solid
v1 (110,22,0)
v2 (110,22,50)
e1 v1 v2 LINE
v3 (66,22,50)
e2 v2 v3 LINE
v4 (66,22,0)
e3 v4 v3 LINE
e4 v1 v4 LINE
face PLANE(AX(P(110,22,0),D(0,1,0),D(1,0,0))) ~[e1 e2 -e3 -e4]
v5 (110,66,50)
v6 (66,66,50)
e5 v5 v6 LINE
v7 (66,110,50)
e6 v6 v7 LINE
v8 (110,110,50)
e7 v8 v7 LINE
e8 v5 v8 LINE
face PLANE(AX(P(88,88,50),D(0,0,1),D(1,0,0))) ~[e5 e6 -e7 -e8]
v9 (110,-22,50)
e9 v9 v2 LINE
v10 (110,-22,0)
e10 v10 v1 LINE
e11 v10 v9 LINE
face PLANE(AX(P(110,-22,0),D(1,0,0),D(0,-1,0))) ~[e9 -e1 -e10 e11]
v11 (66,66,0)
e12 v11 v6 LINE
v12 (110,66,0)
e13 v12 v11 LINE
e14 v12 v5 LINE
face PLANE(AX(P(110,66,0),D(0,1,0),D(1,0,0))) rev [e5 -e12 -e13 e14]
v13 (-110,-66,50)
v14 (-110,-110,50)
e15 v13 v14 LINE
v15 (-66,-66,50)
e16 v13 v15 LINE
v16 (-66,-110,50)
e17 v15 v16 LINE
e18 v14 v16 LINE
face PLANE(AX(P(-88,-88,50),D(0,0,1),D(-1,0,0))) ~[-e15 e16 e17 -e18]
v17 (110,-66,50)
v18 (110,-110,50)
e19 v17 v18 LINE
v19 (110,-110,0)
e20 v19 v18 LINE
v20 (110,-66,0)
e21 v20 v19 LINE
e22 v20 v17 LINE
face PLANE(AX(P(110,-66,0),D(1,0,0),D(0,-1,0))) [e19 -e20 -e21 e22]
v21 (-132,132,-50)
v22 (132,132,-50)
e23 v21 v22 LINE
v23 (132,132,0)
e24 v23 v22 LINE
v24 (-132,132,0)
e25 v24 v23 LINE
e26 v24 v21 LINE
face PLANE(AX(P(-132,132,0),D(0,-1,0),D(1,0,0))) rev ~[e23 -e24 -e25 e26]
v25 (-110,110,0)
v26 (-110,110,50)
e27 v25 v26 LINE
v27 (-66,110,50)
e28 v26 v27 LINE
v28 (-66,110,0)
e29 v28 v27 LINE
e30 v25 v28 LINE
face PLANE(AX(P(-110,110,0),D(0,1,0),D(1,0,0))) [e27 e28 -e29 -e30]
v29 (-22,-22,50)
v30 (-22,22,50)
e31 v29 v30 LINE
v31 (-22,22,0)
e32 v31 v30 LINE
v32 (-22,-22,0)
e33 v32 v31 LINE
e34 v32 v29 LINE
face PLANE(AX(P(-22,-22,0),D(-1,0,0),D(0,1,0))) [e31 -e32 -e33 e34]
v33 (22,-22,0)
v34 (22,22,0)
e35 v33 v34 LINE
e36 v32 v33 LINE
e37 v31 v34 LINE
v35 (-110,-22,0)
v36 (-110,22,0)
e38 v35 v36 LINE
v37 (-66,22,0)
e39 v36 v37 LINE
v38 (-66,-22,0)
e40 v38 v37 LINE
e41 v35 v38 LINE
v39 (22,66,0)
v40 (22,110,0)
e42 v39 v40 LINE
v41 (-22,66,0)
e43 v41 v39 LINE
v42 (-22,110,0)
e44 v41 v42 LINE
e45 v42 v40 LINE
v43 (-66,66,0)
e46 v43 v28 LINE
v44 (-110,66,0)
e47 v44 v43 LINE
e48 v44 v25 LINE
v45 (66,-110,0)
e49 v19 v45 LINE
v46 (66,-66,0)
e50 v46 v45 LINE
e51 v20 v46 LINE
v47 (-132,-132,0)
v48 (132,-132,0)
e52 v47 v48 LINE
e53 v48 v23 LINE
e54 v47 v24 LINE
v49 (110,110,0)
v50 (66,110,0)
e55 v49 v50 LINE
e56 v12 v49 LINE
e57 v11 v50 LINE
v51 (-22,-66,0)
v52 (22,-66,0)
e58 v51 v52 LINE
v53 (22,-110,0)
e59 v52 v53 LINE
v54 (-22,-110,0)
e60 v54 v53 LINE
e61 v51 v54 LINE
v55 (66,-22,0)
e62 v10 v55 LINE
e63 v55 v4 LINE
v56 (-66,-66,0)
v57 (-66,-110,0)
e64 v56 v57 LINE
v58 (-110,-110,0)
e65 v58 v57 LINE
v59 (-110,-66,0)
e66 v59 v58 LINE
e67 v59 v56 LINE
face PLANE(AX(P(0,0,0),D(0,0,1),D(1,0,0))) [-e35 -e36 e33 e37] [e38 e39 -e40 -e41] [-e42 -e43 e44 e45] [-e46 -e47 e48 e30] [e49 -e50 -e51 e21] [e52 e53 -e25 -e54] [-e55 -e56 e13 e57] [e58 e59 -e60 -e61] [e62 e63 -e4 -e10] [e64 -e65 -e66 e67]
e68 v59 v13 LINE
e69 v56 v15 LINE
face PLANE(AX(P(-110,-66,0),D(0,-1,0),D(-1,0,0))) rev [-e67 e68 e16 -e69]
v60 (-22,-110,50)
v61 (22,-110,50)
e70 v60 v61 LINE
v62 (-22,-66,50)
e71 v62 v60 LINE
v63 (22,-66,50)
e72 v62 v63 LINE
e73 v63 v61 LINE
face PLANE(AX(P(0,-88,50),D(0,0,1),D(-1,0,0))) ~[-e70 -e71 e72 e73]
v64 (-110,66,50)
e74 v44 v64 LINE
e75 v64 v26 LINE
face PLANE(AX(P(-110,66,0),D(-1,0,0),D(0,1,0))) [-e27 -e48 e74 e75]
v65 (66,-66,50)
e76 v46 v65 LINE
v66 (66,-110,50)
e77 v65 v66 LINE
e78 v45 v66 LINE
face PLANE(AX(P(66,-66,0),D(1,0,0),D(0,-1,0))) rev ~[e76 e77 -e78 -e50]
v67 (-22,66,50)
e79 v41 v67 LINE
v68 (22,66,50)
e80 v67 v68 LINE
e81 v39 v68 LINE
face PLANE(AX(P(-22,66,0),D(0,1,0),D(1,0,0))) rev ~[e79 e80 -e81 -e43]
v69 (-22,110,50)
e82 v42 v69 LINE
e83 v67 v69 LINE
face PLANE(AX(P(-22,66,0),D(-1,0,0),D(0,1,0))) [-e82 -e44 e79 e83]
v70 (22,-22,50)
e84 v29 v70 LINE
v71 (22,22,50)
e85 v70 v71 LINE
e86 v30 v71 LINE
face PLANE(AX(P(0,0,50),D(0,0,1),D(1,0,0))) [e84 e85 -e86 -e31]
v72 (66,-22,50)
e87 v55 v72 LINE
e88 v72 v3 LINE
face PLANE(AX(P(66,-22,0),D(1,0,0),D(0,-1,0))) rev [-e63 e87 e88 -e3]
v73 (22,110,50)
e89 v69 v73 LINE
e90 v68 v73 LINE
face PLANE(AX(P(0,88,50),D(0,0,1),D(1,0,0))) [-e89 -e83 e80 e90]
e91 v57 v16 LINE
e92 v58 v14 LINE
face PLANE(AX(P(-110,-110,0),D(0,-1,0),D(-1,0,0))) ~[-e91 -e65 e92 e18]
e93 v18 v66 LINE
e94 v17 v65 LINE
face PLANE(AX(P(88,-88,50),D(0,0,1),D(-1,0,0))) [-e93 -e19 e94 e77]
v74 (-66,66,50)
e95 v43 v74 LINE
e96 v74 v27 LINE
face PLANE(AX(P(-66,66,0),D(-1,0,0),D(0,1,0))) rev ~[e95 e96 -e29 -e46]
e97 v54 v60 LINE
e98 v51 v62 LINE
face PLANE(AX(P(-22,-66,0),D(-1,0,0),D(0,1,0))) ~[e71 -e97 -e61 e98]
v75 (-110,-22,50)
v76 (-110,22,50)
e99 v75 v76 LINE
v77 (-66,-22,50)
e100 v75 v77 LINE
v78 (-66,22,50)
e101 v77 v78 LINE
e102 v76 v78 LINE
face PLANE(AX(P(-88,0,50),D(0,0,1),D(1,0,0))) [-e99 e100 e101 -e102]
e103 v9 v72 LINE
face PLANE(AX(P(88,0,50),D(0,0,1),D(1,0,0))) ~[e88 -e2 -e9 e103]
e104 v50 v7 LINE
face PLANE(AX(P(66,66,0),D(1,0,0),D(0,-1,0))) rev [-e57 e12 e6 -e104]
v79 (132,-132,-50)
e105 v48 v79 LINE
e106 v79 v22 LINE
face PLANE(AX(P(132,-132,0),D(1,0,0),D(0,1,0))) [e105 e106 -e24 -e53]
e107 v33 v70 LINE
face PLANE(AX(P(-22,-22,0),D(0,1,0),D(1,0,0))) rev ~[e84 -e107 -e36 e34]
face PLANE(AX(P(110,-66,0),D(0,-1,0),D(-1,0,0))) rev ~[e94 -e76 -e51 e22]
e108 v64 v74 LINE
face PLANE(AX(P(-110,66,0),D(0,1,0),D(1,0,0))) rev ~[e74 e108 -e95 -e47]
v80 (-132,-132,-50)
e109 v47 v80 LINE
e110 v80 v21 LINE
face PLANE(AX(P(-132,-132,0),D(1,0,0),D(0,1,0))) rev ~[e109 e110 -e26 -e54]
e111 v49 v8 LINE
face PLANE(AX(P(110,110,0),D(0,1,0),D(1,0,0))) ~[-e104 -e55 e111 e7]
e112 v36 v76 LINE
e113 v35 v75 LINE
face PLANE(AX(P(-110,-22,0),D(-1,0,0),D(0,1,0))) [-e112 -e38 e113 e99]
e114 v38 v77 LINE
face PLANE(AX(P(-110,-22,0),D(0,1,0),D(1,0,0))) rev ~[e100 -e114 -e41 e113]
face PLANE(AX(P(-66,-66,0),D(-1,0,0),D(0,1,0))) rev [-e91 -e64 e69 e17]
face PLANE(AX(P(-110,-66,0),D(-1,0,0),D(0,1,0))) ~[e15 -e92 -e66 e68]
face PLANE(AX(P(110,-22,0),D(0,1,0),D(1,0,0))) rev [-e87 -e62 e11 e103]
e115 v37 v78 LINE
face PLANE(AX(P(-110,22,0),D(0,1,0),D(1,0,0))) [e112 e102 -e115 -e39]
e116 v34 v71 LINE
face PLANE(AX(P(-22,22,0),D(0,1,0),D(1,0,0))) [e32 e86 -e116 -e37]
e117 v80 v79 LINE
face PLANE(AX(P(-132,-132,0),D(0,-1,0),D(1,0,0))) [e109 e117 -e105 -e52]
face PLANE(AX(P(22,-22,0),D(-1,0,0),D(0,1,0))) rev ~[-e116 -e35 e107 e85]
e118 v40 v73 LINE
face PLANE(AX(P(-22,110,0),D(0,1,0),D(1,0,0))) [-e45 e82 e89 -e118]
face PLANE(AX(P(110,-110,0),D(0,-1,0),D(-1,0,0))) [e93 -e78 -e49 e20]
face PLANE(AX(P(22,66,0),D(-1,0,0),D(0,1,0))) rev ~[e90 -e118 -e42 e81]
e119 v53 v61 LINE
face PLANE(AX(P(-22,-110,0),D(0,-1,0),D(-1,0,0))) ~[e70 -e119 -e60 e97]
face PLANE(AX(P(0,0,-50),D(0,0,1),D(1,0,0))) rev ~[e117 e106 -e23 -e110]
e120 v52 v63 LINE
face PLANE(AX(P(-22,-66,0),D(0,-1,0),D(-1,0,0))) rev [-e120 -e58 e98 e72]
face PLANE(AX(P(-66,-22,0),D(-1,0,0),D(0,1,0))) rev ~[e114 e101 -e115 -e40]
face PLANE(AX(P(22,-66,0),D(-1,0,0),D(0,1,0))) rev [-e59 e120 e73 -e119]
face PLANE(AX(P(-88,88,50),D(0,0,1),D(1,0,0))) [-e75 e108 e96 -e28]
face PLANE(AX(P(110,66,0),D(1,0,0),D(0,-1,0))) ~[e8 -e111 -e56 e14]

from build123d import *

# Parameters (mm, degrees)
F0_W     = 44
F0_H     = 44
F1_DEPTH = 50
F0_W_2   = 264
F0_H_2   = 264
F4_DEPTH = 50


with BuildPart() as f1:
    # F0 (on Top) → F1 (new body)
    with BuildSketch(Plane.XY):
        with Locations((-88, 0)):
            Rectangle(F0_W, F0_H)
    extrude(amount=F1_DEPTH)


with BuildPart() as f1b:
    # F0 (on Top) → F1, piece 2 (new body)
    with BuildSketch(Plane.XY):
        with Locations((-88, 88)):
            Rectangle(F0_W, F0_H)
    extrude(amount=F1_DEPTH)


with BuildPart() as f1c:
    # F0 (on Top) → F1, piece 3 (new body)
    with BuildSketch(Plane.XY):
        with Locations((0, 88)):
            Rectangle(F0_W, F0_H)
    extrude(amount=F1_DEPTH)


with BuildPart() as f1d:
    # F0 (on Top) → F1, piece 4 (new body)
    with BuildSketch(Plane.XY):
        Rectangle(F0_W, F0_H)
    extrude(amount=F1_DEPTH)


with BuildPart() as f2_1:
    # F2: instance of F1
    add(f1.part.mirror(Plane.YZ))


with BuildPart() as f2_2:
    # F2: instance of F1b
    add(f1b.part.mirror(Plane.YZ))


with BuildPart() as f3_1:
    # F3: instance of F1b
    add(f1b.part.mirror(Plane.XZ))


with BuildPart() as f3_2:
    # F3: instance of F1c
    add(f1c.part.mirror(Plane.XZ))


with BuildPart() as f3_3:
    # F3: instance of F2_2
    add(f2_2.part.mirror(Plane.XZ))


with BuildPart() as f1_1:
    add(f1.part)

    add(f1b.part)  # F4 merges F1b

    add(f1c.part)  # F4 merges F1c

    add(f1d.part)  # F4 merges F1d

    add(f2_1.part)  # F4 merges F2_1

    add(f2_2.part)  # F4 merges F2_2

    add(f3_1.part)  # F4 merges F3_1

    add(f3_2.part)  # F4 merges F3_2

    add(f3_3.part)  # F4 merges F3_3
    # F0 (on Top) → F4 (join)
    with BuildSketch(Plane.XY):
        Rectangle(F0_W_2, F0_H_2)
        with Locations((-88, 0)):
            Rectangle(F0_W, F0_H, mode=Mode.SUBTRACT)
        with Locations((-88, 88)):
            Rectangle(F0_W, F0_H, mode=Mode.SUBTRACT)
        Rectangle(F0_W, F0_H, mode=Mode.SUBTRACT)
        with Locations((0, 88)):
            Rectangle(F0_W, F0_H, mode=Mode.SUBTRACT)
        with Locations((-88, 0)):
            Rectangle(F0_W, F0_H)
        Rectangle(F0_W, F0_H)
        with Locations((-88, 88)):
            Rectangle(F0_W, F0_H)
        with Locations((0, 88)):
            Rectangle(F0_W, F0_H)
    extrude(amount=-F4_DEPTH)


solid = f1_1.part
